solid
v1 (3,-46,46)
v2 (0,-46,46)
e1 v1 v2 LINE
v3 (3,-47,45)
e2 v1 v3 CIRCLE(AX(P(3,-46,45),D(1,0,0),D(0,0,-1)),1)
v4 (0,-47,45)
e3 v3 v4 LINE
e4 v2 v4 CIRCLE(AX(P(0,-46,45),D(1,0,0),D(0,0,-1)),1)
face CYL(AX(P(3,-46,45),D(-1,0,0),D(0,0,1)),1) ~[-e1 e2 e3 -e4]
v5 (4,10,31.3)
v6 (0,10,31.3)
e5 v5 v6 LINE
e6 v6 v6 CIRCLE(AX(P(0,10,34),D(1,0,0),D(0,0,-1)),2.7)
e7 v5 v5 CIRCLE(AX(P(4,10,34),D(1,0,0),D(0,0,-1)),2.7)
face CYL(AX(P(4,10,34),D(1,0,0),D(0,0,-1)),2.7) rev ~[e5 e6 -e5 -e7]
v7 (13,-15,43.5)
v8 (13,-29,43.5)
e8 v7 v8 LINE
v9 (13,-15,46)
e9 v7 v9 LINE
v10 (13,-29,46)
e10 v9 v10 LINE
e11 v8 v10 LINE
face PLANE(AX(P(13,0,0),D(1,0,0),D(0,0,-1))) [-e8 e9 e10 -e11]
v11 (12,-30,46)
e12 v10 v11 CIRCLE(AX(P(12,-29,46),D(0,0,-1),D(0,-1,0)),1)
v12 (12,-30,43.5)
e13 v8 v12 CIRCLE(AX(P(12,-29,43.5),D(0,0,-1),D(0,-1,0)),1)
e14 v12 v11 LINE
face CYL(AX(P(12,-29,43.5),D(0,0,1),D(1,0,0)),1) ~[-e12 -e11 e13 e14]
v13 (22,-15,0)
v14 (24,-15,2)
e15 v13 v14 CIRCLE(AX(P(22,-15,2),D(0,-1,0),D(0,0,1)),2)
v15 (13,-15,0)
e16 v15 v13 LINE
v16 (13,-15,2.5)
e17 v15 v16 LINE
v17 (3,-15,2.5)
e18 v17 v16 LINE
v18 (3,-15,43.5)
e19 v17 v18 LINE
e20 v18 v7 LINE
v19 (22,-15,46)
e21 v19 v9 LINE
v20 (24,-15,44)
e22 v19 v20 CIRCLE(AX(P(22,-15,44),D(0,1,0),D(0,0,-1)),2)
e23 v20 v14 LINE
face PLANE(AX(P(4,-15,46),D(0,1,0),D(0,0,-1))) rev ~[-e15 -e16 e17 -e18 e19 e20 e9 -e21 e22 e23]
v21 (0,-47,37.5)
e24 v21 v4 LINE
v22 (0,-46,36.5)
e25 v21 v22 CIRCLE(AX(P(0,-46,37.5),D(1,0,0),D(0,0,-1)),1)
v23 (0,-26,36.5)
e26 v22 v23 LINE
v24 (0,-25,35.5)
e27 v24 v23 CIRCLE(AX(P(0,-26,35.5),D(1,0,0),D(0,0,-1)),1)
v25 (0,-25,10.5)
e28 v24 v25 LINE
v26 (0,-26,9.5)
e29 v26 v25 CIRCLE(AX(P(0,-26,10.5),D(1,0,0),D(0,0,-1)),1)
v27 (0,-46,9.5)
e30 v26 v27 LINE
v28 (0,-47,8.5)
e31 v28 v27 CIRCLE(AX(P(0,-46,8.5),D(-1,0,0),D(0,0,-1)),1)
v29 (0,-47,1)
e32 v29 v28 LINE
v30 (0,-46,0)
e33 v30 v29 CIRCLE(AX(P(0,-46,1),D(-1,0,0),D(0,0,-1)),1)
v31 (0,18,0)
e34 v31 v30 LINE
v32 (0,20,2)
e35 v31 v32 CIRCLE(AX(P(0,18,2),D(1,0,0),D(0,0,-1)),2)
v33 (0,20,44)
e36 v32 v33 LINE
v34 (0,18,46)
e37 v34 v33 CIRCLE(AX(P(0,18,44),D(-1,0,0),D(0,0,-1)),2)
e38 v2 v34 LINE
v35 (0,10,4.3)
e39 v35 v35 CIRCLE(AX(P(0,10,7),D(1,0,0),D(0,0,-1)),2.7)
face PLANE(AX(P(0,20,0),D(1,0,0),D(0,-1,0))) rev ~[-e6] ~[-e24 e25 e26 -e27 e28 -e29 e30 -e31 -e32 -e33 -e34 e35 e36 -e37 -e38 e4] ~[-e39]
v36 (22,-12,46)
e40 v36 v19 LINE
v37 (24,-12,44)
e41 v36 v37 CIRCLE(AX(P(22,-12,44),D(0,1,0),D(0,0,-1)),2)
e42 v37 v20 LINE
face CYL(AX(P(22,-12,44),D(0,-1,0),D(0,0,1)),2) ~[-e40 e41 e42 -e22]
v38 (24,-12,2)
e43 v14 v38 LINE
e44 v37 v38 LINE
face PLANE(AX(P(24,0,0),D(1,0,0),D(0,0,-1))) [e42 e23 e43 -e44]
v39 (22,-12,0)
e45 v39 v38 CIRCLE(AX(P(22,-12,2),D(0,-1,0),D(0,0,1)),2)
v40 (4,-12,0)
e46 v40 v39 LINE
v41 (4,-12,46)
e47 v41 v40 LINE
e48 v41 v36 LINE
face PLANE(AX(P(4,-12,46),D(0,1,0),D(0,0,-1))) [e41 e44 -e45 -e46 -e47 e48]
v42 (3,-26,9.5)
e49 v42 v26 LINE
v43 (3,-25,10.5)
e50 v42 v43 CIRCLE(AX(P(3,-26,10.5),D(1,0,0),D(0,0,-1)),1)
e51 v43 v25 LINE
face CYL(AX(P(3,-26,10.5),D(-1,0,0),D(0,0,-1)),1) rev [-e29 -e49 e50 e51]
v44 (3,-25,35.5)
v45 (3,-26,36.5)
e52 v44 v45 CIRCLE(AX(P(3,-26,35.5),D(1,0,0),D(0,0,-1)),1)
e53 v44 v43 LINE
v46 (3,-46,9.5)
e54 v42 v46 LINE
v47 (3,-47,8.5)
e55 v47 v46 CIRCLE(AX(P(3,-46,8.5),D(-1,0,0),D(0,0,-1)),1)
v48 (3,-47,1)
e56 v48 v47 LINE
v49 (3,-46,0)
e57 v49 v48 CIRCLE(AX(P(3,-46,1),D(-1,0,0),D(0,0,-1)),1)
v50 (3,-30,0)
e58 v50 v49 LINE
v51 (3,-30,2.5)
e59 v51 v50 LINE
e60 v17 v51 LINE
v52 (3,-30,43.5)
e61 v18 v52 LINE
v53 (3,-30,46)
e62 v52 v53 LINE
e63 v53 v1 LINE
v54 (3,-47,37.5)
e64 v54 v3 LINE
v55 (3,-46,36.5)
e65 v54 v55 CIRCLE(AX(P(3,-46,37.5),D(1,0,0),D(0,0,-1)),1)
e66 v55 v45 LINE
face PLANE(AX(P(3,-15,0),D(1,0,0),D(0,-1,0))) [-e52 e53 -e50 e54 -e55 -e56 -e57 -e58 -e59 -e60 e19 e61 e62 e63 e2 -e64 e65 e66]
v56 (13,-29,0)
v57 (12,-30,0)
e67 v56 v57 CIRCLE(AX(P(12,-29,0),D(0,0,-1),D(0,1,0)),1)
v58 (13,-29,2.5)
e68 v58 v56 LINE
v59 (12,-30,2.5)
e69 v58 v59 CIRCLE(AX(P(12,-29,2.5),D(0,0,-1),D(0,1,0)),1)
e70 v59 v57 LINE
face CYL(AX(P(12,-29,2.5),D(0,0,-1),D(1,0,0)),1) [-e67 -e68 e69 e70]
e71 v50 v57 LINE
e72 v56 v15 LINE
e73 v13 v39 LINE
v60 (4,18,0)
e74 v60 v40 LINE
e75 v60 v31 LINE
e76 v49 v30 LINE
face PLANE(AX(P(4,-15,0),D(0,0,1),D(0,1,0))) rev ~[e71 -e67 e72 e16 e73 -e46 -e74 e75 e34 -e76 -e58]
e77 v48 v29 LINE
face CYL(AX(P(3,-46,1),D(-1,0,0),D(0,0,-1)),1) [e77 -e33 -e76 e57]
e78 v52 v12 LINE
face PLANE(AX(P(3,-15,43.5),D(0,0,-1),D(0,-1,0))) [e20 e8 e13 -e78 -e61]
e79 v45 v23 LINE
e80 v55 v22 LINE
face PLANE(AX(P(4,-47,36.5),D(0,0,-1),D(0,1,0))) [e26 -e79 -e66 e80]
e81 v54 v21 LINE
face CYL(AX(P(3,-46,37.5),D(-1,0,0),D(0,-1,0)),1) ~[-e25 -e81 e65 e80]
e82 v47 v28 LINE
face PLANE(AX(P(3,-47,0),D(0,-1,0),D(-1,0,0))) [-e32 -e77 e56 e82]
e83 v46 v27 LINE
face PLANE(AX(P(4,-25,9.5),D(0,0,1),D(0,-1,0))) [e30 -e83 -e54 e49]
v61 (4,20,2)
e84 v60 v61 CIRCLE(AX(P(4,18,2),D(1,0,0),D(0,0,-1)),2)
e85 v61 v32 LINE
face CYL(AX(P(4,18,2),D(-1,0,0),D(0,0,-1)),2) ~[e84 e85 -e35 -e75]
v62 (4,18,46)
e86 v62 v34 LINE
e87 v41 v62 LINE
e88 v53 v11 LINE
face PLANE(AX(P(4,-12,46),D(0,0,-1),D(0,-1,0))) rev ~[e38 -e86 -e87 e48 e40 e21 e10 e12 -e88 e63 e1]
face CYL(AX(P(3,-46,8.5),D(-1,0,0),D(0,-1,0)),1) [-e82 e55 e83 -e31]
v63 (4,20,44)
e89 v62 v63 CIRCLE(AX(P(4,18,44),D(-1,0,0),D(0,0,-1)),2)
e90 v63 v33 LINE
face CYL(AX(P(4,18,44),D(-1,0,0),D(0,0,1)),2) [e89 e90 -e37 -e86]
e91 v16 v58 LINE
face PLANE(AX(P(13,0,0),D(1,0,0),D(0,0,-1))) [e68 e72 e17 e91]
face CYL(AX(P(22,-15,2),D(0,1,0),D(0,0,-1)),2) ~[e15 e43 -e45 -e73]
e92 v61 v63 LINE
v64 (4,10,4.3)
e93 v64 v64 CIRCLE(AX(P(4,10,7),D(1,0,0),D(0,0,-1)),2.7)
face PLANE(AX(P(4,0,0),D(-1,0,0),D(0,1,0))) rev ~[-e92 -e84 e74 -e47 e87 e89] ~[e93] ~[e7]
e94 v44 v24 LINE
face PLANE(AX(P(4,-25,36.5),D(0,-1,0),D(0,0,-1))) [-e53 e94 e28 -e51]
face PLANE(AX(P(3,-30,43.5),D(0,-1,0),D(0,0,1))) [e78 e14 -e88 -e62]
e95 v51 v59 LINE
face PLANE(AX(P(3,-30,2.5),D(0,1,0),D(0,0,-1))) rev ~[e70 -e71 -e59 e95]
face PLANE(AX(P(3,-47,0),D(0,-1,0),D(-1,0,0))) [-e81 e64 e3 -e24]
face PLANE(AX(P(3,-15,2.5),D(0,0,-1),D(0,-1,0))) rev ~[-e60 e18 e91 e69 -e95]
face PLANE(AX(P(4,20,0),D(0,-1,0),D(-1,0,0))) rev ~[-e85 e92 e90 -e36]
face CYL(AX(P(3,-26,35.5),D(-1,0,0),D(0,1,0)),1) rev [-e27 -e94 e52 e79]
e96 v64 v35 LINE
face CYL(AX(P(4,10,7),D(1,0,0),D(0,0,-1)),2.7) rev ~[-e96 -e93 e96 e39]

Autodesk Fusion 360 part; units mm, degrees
sketch "Sketch1" plane through (0, 0, 0) normal (0, 0, 1) x (1, 0, 0)
  line L0 (4, 0) -> (4, 20)
  line L1 (4, 20) -> (0, 20)
  line L2 (0, 20) -> (0, 0)
  line L3 (0, 0) -> (4, 0)
  line L4 (4, 0) -> (4, -15)
  line L5 (4, -15) -> (0, -15)
  line L6 (0, -15) -> (0, 0)
  line L7 (0, -15) -> (3, -15)
  line L8 (3, -15) -> (3, -47)
  line L9 (3, -47) -> (0, -47)
  line L10 (0, -47) -> (0, -15)
  dimension "d1" = 20
  dimension "d2" = 4
  dimension "d3" = 15
  dimension "d4" = 32
  dimension "d5" = 3
extrude "Extrude1" add sketch "Sketch1" along normal blind 46
sketch "Sketch2" plane through (4, 0, 0) normal (1, 0, 0) x (0, 0, -1)
  line L0 (0, -15) -> (0, 20)
  line L1 (0, 20) -> (-46, 20)
  line L2 (-46, 20) -> (-46, -15)
  line L3 (-46, -15) -> (0, -15)
  line L4 (-46, 10) -> (0, 10) construction
  circle A0 centre (-34, 10) radius 2.7
  circle A1 centre (-7, 10) radius 2.7
  line L5 (-46, -12) -> (0, -12)
  line L6 (0, -47) -> (0, -15) construction
  line L7 (0, -15) -> (-46, -15) construction
  line L8 (-46, -15) -> (-46, -47) construction
  line L9 (-46, -47) -> (0, -47) construction
  line L10 (-23, 20) -> (-23, -47) construction
  line L11 (-36.5, -25) -> (-9.5, -25)
  line L12 (-9.5, -25) -> (-9.5, -47)
  line L13 (-9.5, -47) -> (-36.5, -47)
  line L14 (-36.5, -47) -> (-36.5, -25)
  dimension "d8" = 5.4
  dimension "d9" = 5.4
  dimension "d10" = 3
  dimension "d11" = 27
  dimension "d12" = 22
  dimension "d17" = 7
  dimension "d18" = 12
  dimension "d19" = 11.5
  dimension "d24" = 25
  dimension "d25" = 15
extrude "Extrude3" add sketch "Sketch2" along normal blind 20 contours L0 L2 L3 L5
extrude "Extrude2" cut sketch "Sketch2" against normal through all contours A0 | A1 | L11 L12 L13 L14
sketch "Sketch3" plane through (3, 0, 0) normal (1, 0, 0) x (0, 0, -1)
  line L0 (-9.5, -25) -> (-9.5, -47)
  line L1 (-9.5, -47) -> (0, -47)
  line L2 (0, -47) -> (0, -15)
  line L3 (0, -15) -> (-46, -15)
  line L4 (-46, -15) -> (-46, -47)
  line L5 (-46, -47) -> (-36.5, -47)
  line L6 (-36.5, -47) -> (-36.5, -25)
  line L7 (-36.5, -25) -> (-9.5, -25)
  line L8 (-46, -15) -> (-43.5, -15)
  line L9 (-43.5, -15) -> (-43.5, -30)
  line L10 (-43.5, -30) -> (-46, -30)
  line L11 (-46, -30) -> (-46, -15)
  line L12 (0, -15) -> (-2.5, -15)
  line L13 (-2.5, -15) -> (-2.5, -30)
  line L14 (-2.5, -30) -> (0, -30)
  line L15 (0, -30) -> (0, -15)
  dimension "d26" = 15
  dimension "d27" = 2.5
  dimension "d28" = 2.5
extrude "Extrude4" add sketch "Sketch3" along normal blind 10 contours L2 L3 L12 L13 L14 L15 | L3 L4 L8 L9 L10 L11
fillet "Fillet1" radius 2 4 edges at (2, 20, 46) (2, 20, 0) (24, -13.5, 0) (24, -13.5, 46)
fillet "Fillet2" radius 1 8 edges at (1.5, -25, 36.5) (1.5, -25, 9.5) (1.5, -47, 9.5) (1.5, -47, 0) (1.5, -47, 36.5) (1.5, -47, 46) (13, -30, 44.75) (13, -30, 1.25)
equation "d9 = d8"
equation "d28 = d27"
